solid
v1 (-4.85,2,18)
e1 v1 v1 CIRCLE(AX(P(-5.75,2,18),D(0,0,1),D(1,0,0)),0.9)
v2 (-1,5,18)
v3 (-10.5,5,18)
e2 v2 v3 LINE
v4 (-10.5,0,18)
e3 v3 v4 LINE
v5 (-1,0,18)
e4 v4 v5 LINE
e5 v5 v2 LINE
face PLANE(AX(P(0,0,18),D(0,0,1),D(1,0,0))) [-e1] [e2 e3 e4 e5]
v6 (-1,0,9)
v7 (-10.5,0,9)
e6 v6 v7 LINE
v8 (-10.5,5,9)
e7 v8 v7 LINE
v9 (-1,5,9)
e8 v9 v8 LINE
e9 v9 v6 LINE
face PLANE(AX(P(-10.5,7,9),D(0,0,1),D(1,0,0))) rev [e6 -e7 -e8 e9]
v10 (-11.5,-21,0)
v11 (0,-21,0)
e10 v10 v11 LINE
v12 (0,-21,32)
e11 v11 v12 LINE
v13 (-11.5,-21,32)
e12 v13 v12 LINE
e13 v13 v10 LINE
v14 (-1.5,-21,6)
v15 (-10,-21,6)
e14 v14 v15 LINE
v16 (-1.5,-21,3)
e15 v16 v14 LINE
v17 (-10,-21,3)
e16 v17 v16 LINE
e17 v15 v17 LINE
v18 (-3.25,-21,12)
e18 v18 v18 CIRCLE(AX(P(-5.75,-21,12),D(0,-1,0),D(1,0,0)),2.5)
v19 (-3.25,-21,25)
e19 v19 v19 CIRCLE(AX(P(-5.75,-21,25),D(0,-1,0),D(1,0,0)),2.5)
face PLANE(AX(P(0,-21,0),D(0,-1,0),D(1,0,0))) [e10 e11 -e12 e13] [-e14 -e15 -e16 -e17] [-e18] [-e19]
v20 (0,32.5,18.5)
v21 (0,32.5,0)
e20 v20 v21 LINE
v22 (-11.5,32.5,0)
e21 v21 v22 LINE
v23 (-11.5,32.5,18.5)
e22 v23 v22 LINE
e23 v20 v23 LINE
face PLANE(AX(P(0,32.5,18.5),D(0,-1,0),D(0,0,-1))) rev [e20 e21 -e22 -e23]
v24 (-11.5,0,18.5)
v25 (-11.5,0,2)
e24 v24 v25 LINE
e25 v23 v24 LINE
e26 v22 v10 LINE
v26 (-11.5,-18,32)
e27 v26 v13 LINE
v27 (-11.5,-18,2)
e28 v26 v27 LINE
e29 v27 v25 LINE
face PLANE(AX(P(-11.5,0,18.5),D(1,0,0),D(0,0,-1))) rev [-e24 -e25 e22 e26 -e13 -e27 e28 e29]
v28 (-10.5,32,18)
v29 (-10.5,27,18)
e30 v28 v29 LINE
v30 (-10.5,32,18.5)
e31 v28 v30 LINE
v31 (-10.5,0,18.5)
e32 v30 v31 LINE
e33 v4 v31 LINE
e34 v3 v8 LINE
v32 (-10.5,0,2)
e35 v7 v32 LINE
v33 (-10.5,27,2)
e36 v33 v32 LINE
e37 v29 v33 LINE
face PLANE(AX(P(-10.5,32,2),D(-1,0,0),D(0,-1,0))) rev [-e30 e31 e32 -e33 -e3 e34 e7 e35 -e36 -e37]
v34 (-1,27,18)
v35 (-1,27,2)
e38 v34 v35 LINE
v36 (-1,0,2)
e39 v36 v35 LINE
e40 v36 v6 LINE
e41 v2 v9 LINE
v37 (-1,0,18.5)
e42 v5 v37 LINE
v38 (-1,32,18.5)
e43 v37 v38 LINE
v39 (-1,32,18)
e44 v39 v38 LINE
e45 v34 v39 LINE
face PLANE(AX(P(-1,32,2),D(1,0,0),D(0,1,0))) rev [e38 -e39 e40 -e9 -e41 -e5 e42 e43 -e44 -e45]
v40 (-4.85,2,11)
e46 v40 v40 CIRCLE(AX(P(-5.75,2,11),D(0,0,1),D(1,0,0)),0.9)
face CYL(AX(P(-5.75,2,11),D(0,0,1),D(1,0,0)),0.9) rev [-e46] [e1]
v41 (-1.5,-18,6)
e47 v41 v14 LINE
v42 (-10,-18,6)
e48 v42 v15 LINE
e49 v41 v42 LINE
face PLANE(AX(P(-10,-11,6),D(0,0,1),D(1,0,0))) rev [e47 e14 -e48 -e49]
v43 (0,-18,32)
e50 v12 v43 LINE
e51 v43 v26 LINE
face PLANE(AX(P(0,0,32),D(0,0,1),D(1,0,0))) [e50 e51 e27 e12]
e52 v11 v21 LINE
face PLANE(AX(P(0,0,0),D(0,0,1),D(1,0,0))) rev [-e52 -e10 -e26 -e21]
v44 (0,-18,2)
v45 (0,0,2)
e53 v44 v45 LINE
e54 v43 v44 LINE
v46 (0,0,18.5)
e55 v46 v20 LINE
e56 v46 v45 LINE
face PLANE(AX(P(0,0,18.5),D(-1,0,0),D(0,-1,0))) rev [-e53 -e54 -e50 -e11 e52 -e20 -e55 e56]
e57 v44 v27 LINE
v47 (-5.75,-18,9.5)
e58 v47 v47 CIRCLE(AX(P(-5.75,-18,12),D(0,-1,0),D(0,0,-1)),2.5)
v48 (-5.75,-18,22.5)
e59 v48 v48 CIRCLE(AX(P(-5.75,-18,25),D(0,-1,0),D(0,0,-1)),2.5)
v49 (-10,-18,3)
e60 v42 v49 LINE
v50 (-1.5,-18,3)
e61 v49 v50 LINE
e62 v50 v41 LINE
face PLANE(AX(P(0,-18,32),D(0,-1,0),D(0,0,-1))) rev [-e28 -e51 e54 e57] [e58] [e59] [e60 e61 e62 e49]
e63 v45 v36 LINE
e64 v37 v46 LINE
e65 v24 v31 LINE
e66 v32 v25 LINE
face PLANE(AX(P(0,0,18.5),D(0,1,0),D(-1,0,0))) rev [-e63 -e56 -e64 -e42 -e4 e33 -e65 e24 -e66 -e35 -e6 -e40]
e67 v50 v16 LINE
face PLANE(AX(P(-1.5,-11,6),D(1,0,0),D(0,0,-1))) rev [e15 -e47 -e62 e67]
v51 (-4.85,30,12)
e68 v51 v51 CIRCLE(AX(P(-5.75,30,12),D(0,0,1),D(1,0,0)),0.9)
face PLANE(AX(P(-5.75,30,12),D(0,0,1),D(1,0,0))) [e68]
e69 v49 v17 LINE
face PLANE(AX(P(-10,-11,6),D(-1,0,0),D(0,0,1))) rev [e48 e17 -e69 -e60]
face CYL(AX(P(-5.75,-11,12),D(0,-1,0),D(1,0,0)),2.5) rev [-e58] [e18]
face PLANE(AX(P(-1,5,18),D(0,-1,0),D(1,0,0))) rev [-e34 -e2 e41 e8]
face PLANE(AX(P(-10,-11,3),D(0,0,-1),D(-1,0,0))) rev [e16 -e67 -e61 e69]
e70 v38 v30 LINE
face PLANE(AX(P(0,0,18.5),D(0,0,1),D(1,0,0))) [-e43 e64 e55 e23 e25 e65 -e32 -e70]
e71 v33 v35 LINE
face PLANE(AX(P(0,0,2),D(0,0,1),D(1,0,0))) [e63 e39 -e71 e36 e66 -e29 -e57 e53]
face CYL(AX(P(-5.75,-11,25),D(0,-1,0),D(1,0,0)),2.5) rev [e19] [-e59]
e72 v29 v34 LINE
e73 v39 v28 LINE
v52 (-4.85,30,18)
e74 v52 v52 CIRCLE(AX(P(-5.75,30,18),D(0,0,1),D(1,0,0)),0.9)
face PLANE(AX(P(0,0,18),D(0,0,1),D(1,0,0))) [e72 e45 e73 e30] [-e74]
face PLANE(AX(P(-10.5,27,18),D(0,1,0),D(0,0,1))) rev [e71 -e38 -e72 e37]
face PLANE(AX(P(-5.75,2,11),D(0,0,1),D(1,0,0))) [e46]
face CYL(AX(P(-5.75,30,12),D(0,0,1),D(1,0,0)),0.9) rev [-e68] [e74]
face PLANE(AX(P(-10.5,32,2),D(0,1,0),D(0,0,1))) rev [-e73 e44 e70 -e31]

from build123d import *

# Parameters (mm, degrees)
ESQUISSE1_W             = 11.5
ESQUISSE1_H             = 32.5
BOSS_EXTRU_1_DEPTH      = 18.5
ESQUISSE4_W             = 9.5
ESQUISSE4_H             = 32
ENL_V_MAT_EXTRU_1_DEPTH = 16.5
ESQUISSE5_W             = 9.5
ESQUISSE5_H             = 5
BOSS_EXTRU_2_DEPTH      = 16
ESQUISSE6_R             = 0.9
ENL_V_MAT_EXTRU_2_DEPTH = 6
ESQUISSE7_W             = 11.5
ESQUISSE7_H             = 2
BOSS_EXTRU_3_DEPTH      = 21
ESQUISSE9_W             = 9.5
ESQUISSE9_H             = 5
BOSS_EXTRU_4_DEPTH      = 16
ESQUISSE10_R            = 0.9
ENL_V_MAT_EXTRU_3_DEPTH = 7
ESQUISSE11_W            = 9.5
ESQUISSE11_H            = 7
ENL_V_MAT_EXTRU_4_DEPTH = 7
ESQUISSE12_W            = 11.5
ESQUISSE12_H            = 3
BOSS_EXTRU_5_DEPTH      = 30
ESQUISSE13_R            = 2.5
ENL_V_MAT_EXTRU_5_DEPTH = 10
ESQUISSE15_W            = 8.5
ESQUISSE15_H            = 3
ENL_V_MAT_EXTRU_6_DEPTH = 10


with BuildPart() as part:
    # Esquisse1 → Boss.-Extru.1 (new body)
    with BuildSketch(Plane.XY):
        with Locations((-5.75, 16.25)):
            Rectangle(ESQUISSE1_W, ESQUISSE1_H)
    extrude(amount=BOSS_EXTRU_1_DEPTH)

    # Esquisse4 → Enlèv. mat.-Extru.1 (cut)
    with BuildSketch(Plane.XY.offset(18.5)):
        with Locations((-5.75, 16)):
            Rectangle(ESQUISSE4_W, ESQUISSE4_H)
    extrude(amount=-ENL_V_MAT_EXTRU_1_DEPTH, mode=Mode.SUBTRACT)

    # Esquisse5 → Boss.-Extru.2 (add)
    with BuildSketch(Plane.XY.offset(2)):
        with Locations((-5.75, 29.5)):
            Rectangle(ESQUISSE5_W, ESQUISSE5_H)
    extrude(amount=BOSS_EXTRU_2_DEPTH)

    # Esquisse6 → Enlèv. mat.-Extru.2 (cut)
    with BuildSketch(Plane.XY.offset(18)):
        with Locations((-5.75, 30)):
            Circle(ESQUISSE6_R)
    extrude(amount=-ENL_V_MAT_EXTRU_2_DEPTH, mode=Mode.SUBTRACT)

    # Esquisse7 → Boss.-Extru.3 (add)
    with BuildSketch(Plane.XZ):
        with Locations((-5.75, 1)):
            Rectangle(ESQUISSE7_W, ESQUISSE7_H)
    extrude(amount=BOSS_EXTRU_3_DEPTH)

    # Esquisse9 → Boss.-Extru.4 (add)
    with BuildSketch(Plane.XY.offset(2)):
        with Locations((-5.75, 2.5)):
            Rectangle(ESQUISSE9_W, ESQUISSE9_H)
    extrude(amount=BOSS_EXTRU_4_DEPTH)

    # Esquisse10 → Enlèv. mat.-Extru.3 (cut)
    with BuildSketch(Plane.XY.offset(18)):
        with Locations((-5.75, 2)):
            Circle(ESQUISSE10_R)
    extrude(amount=-ENL_V_MAT_EXTRU_3_DEPTH, mode=Mode.SUBTRACT)

    # Esquisse11 → Enlèv. mat.-Extru.4 (cut)
    with BuildSketch(Plane.XZ):
        with Locations((-5.75, 5.5)):
            Rectangle(ESQUISSE11_W, ESQUISSE11_H)
    extrude(amount=-ENL_V_MAT_EXTRU_4_DEPTH, mode=Mode.SUBTRACT)

    # Esquisse12 → Boss.-Extru.5 (add)
    with BuildSketch(Plane.XY.offset(2)):
        with Locations((-5.75, -19.5)):
            Rectangle(ESQUISSE12_W, ESQUISSE12_H)
    extrude(amount=BOSS_EXTRU_5_DEPTH)

    # Esquisse13 → Enlèv. mat.-Extru.5 (cut)
    with BuildSketch(Plane.XZ.offset(21)):
        with Locations((-5.75, 12)):
            Circle(ESQUISSE13_R)
        with Locations((-5.75, 25)):
            Circle(ESQUISSE13_R)
    extrude(amount=-ENL_V_MAT_EXTRU_5_DEPTH, mode=Mode.SUBTRACT)

    # Esquisse15 → Enlèv. mat.-Extru.6 (cut)
    with BuildSketch(Plane.XZ.offset(21)):
        with Locations((-5.75, 4.5)):
            Rectangle(ESQUISSE15_W, ESQUISSE15_H)
    extrude(amount=-ENL_V_MAT_EXTRU_6_DEPTH, mode=Mode.SUBTRACT)


solid = part.part
